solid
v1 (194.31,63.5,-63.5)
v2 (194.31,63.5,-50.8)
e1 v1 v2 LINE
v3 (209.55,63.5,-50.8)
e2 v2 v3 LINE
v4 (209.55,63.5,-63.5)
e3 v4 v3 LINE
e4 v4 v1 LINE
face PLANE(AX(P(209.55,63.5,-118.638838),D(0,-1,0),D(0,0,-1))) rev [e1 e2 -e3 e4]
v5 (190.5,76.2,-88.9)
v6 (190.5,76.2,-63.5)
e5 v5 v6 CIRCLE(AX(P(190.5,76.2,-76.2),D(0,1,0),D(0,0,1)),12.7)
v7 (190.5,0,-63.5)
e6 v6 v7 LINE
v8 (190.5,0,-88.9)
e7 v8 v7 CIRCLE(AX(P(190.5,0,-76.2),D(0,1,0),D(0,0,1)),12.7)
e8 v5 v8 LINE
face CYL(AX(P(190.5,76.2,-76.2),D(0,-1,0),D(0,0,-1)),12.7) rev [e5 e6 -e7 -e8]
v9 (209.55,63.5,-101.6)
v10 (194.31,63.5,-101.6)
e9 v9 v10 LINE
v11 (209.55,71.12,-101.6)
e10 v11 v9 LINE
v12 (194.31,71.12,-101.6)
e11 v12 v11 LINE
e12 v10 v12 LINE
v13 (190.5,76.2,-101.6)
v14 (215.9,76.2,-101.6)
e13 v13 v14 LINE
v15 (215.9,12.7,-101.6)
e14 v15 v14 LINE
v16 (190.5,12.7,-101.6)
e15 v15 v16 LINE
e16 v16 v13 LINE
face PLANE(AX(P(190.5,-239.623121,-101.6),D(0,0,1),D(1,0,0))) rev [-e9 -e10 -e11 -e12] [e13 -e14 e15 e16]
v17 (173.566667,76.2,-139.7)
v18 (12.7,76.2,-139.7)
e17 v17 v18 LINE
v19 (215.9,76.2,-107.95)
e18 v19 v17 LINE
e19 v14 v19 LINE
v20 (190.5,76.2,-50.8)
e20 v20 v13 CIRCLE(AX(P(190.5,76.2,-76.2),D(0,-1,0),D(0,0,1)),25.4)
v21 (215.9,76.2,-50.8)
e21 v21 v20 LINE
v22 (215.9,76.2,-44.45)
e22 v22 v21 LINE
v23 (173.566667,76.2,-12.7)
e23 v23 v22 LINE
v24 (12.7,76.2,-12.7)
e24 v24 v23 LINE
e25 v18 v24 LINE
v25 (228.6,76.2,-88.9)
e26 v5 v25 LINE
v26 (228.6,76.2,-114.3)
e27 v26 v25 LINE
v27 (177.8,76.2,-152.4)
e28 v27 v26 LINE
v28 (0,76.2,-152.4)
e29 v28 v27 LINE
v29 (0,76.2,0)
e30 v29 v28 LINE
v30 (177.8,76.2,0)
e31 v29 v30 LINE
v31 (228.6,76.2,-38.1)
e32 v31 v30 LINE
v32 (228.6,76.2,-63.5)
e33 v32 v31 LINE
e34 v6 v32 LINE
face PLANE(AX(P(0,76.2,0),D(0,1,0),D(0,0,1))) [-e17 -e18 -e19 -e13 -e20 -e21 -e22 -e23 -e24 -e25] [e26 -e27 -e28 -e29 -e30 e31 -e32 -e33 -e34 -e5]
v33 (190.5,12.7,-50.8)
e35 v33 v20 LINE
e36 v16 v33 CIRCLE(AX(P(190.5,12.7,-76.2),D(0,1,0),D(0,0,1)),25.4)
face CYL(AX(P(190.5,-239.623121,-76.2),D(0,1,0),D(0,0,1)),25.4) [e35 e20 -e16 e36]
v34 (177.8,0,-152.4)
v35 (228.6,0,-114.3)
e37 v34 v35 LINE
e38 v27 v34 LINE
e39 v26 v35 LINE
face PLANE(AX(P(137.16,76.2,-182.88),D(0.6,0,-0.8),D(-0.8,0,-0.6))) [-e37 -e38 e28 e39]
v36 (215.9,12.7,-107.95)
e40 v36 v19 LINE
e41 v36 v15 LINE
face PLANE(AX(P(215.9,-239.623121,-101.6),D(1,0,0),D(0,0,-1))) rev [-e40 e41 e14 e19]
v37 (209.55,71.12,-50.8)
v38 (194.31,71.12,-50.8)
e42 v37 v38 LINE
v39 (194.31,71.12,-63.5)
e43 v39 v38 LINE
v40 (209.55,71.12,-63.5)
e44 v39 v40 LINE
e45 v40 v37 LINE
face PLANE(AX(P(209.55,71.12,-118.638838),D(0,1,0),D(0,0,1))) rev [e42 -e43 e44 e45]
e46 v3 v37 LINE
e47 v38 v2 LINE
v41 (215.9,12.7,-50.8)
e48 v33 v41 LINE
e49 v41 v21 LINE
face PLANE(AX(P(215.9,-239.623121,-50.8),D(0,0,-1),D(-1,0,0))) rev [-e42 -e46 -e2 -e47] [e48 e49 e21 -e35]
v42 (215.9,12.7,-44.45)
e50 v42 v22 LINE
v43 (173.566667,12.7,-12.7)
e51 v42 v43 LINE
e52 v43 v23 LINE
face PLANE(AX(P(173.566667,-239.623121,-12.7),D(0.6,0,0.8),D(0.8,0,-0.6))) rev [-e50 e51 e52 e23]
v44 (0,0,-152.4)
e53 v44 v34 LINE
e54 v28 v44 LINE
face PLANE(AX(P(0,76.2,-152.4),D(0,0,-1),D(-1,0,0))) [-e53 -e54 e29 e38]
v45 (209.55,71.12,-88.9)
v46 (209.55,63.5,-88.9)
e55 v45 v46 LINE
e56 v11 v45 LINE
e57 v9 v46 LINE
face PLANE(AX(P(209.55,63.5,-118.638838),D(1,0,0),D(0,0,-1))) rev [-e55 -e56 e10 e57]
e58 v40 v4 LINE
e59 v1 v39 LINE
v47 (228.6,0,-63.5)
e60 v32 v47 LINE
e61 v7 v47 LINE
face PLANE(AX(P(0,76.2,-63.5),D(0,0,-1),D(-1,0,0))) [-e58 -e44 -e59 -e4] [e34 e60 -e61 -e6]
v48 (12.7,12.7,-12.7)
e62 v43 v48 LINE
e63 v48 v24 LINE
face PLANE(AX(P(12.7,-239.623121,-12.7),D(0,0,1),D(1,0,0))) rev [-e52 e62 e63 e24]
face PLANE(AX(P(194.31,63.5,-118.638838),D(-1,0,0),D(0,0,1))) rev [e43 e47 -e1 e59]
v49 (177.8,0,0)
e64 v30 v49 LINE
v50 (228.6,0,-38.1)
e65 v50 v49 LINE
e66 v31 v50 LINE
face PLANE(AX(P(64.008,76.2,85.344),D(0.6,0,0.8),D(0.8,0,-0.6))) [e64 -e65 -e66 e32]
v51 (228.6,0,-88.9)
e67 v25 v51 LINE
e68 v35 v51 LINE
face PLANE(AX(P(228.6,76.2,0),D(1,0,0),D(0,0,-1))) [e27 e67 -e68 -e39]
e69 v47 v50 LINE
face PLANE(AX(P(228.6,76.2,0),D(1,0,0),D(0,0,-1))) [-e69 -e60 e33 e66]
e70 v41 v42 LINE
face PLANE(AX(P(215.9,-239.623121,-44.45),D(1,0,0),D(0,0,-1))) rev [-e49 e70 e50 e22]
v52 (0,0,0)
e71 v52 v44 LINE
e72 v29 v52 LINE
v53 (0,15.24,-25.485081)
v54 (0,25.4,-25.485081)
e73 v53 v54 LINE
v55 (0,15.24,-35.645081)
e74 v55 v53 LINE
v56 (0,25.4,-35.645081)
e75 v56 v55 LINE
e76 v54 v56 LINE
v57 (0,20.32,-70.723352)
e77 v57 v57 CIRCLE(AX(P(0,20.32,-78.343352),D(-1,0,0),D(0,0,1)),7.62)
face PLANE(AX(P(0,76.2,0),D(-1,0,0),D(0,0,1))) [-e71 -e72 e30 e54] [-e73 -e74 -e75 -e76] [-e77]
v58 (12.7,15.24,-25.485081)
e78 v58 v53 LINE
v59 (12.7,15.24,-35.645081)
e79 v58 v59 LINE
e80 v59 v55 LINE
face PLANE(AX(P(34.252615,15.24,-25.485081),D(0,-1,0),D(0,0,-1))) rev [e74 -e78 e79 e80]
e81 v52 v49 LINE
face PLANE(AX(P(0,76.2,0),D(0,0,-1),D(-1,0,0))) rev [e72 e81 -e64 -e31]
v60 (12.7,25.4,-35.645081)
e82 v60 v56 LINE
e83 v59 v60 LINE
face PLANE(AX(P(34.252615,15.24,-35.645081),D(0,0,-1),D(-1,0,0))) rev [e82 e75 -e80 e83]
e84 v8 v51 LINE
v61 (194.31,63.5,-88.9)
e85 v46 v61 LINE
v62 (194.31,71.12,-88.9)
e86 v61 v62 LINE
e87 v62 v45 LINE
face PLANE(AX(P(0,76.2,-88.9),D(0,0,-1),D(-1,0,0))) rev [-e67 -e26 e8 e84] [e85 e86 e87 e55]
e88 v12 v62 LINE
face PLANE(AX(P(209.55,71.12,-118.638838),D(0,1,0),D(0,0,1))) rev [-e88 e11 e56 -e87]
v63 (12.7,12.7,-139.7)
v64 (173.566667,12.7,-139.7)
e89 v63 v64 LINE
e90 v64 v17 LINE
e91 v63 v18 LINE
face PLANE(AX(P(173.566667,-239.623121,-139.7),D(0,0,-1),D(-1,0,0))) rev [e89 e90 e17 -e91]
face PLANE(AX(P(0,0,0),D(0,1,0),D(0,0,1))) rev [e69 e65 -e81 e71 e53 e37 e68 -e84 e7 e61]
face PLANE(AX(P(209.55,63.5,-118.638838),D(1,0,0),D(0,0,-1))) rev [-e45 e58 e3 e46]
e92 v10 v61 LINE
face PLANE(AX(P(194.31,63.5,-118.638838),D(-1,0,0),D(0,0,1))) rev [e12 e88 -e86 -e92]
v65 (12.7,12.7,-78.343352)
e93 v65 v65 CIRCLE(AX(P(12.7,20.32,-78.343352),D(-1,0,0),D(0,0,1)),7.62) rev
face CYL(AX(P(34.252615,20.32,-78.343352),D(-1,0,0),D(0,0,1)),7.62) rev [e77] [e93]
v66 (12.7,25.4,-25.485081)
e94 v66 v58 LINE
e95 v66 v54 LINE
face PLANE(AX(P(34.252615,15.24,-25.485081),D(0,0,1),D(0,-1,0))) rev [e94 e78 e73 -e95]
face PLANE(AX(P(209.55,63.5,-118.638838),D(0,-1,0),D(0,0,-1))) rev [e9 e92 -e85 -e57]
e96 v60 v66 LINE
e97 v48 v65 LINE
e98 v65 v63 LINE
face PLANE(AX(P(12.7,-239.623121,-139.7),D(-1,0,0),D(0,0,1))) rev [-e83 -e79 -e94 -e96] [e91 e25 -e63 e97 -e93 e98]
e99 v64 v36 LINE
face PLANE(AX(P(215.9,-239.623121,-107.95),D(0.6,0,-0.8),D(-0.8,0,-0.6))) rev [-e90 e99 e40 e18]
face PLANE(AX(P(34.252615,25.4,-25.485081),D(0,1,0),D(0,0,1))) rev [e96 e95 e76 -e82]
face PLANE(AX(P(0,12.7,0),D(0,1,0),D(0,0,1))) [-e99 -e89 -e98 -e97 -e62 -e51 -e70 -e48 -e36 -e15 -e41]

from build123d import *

# Parameters (mm, degrees)
BOSS_EXTRUDE3_DEPTH = 76.2
CUT_EXTRUDE1_DEPTH  = 63.5
SKETCH6_R           = 7.62
SKETCH6_W           = 10.16
SKETCH6_H           = 10.16
CUT_EXTRUDE2_DEPTH  = 12.7
CUT_EXTRUDE3_REACH  = 263.509
SKETCH12_W          = 15.24
SKETCH12_H          = 7.62


with BuildPart() as part:
    # Sketch1 → Boss-Extrude3 (new body)
    with BuildSketch(Plane(origin=(0, 0, 0), x_dir=(1, 0, 0), z_dir=(0, 1, 0))):
        Polygon((177.8, 76.2), (0, 76.2), (0, 0), (177.8, 0), (177.8, 38.1), (177.8, 63.5), align=None)
        Polygon((0, 152.4), (0, 76.2), (177.8, 76.2), (177.8, 88.9), (177.8, 114.3), (177.8, 152.4), align=None)
        Polygon((228.6, 114.3), (177.8, 152.4), (177.8, 114.3), align=None)
        Polygon((177.8, 114.3), (177.8, 88.9), (190.5, 88.9), (228.6, 88.9), (228.6, 114.3), align=None)
        Polygon((177.8, 38.1), (177.8, 0), (228.6, 38.1), align=None)
        Polygon((190.5, 63.5), (177.8, 63.5), (177.8, 38.1), (228.6, 38.1), (228.6, 63.5), align=None)
        with BuildLine():
            ThreePointArc((190.5, 63.5), (181.519743879, 67.219743879), (177.8, 76.2))
            Line((177.8, 76.2), (177.8, 63.5))
            Line((177.8, 63.5), (190.5, 63.5))
        make_face()
        with BuildLine():
            Line((177.8, 88.9), (177.8, 76.2))
            ThreePointArc((177.8, 76.2), (181.519743879, 85.180256121), (190.5, 88.9))
            Line((190.5, 88.9), (177.8, 88.9))
        make_face()
    extrude(amount=BOSS_EXTRUDE3_DEPTH)

    # Sketch4 → Cut-Extrude1 (cut)
    with BuildSketch(Plane(origin=(0, 76.2, 0), x_dir=(1, 0, 0), z_dir=(0, 1, 0))):
        with BuildLine():
            Line((215.9, 101.6), (215.9, 107.95))
            Line((215.9, 107.95), (173.566666667, 139.7))
            Line((173.566666667, 139.7), (12.7, 139.7))
            Line((12.7, 139.7), (12.7, 12.7))
            Line((12.7, 12.7), (173.566666667, 12.7))
            Line((173.566666667, 12.7), (215.9, 44.45))
            Line((215.9, 44.45), (215.9, 50.8))
            Line((215.9, 50.8), (190.5, 50.8))
            ThreePointArc((190.5, 50.8), (165.1, 76.2), (190.5, 101.6))
            Line((190.5, 101.6), (215.9, 101.6))
        make_face()
    extrude(amount=-CUT_EXTRUDE1_DEPTH, mode=Mode.SUBTRACT)

    # Sketch6 → Cut-Extrude2 (cut)
    with BuildSketch(Plane.ZY):
        with Locations((-78.343351815, 20.32)):
            Circle(SKETCH6_R)
        with Locations((-30.565080817, 20.32)):
            Rectangle(SKETCH6_W, SKETCH6_H)
    extrude(amount=-CUT_EXTRUDE2_DEPTH, mode=Mode.SUBTRACT)

    # Cut-Extrude3: up to this face of the body (flat: up to its plane)
    cut_extrude3_end = Plane(part.part.faces().sort_by_distance((203.2, 44.45, -101.6))[0])
    # Sketch12 → Cut-Extrude3 (cut, up to the picked face)
    with BuildSketch(Plane.XY.offset(-50.8), mode=Mode.PRIVATE) as cut_extrude3_sk1:
        with Locations((201.93, 67.31)):
            Rectangle(SKETCH12_W, SKETCH12_H)
    cut_extrude3_tool1 = split(extrude(cut_extrude3_sk1.sketch, amount=-CUT_EXTRUDE3_REACH, mode=Mode.PRIVATE), bisect_by=cut_extrude3_end, keep=Keep.BOTH, mode=Mode.PRIVATE)
    add(cut_extrude3_tool1.solids().sort_by(Axis((201.93, 67.31, -50.8), (0, 0, -1)))[0], mode=Mode.SUBTRACT)


solid = part.part
